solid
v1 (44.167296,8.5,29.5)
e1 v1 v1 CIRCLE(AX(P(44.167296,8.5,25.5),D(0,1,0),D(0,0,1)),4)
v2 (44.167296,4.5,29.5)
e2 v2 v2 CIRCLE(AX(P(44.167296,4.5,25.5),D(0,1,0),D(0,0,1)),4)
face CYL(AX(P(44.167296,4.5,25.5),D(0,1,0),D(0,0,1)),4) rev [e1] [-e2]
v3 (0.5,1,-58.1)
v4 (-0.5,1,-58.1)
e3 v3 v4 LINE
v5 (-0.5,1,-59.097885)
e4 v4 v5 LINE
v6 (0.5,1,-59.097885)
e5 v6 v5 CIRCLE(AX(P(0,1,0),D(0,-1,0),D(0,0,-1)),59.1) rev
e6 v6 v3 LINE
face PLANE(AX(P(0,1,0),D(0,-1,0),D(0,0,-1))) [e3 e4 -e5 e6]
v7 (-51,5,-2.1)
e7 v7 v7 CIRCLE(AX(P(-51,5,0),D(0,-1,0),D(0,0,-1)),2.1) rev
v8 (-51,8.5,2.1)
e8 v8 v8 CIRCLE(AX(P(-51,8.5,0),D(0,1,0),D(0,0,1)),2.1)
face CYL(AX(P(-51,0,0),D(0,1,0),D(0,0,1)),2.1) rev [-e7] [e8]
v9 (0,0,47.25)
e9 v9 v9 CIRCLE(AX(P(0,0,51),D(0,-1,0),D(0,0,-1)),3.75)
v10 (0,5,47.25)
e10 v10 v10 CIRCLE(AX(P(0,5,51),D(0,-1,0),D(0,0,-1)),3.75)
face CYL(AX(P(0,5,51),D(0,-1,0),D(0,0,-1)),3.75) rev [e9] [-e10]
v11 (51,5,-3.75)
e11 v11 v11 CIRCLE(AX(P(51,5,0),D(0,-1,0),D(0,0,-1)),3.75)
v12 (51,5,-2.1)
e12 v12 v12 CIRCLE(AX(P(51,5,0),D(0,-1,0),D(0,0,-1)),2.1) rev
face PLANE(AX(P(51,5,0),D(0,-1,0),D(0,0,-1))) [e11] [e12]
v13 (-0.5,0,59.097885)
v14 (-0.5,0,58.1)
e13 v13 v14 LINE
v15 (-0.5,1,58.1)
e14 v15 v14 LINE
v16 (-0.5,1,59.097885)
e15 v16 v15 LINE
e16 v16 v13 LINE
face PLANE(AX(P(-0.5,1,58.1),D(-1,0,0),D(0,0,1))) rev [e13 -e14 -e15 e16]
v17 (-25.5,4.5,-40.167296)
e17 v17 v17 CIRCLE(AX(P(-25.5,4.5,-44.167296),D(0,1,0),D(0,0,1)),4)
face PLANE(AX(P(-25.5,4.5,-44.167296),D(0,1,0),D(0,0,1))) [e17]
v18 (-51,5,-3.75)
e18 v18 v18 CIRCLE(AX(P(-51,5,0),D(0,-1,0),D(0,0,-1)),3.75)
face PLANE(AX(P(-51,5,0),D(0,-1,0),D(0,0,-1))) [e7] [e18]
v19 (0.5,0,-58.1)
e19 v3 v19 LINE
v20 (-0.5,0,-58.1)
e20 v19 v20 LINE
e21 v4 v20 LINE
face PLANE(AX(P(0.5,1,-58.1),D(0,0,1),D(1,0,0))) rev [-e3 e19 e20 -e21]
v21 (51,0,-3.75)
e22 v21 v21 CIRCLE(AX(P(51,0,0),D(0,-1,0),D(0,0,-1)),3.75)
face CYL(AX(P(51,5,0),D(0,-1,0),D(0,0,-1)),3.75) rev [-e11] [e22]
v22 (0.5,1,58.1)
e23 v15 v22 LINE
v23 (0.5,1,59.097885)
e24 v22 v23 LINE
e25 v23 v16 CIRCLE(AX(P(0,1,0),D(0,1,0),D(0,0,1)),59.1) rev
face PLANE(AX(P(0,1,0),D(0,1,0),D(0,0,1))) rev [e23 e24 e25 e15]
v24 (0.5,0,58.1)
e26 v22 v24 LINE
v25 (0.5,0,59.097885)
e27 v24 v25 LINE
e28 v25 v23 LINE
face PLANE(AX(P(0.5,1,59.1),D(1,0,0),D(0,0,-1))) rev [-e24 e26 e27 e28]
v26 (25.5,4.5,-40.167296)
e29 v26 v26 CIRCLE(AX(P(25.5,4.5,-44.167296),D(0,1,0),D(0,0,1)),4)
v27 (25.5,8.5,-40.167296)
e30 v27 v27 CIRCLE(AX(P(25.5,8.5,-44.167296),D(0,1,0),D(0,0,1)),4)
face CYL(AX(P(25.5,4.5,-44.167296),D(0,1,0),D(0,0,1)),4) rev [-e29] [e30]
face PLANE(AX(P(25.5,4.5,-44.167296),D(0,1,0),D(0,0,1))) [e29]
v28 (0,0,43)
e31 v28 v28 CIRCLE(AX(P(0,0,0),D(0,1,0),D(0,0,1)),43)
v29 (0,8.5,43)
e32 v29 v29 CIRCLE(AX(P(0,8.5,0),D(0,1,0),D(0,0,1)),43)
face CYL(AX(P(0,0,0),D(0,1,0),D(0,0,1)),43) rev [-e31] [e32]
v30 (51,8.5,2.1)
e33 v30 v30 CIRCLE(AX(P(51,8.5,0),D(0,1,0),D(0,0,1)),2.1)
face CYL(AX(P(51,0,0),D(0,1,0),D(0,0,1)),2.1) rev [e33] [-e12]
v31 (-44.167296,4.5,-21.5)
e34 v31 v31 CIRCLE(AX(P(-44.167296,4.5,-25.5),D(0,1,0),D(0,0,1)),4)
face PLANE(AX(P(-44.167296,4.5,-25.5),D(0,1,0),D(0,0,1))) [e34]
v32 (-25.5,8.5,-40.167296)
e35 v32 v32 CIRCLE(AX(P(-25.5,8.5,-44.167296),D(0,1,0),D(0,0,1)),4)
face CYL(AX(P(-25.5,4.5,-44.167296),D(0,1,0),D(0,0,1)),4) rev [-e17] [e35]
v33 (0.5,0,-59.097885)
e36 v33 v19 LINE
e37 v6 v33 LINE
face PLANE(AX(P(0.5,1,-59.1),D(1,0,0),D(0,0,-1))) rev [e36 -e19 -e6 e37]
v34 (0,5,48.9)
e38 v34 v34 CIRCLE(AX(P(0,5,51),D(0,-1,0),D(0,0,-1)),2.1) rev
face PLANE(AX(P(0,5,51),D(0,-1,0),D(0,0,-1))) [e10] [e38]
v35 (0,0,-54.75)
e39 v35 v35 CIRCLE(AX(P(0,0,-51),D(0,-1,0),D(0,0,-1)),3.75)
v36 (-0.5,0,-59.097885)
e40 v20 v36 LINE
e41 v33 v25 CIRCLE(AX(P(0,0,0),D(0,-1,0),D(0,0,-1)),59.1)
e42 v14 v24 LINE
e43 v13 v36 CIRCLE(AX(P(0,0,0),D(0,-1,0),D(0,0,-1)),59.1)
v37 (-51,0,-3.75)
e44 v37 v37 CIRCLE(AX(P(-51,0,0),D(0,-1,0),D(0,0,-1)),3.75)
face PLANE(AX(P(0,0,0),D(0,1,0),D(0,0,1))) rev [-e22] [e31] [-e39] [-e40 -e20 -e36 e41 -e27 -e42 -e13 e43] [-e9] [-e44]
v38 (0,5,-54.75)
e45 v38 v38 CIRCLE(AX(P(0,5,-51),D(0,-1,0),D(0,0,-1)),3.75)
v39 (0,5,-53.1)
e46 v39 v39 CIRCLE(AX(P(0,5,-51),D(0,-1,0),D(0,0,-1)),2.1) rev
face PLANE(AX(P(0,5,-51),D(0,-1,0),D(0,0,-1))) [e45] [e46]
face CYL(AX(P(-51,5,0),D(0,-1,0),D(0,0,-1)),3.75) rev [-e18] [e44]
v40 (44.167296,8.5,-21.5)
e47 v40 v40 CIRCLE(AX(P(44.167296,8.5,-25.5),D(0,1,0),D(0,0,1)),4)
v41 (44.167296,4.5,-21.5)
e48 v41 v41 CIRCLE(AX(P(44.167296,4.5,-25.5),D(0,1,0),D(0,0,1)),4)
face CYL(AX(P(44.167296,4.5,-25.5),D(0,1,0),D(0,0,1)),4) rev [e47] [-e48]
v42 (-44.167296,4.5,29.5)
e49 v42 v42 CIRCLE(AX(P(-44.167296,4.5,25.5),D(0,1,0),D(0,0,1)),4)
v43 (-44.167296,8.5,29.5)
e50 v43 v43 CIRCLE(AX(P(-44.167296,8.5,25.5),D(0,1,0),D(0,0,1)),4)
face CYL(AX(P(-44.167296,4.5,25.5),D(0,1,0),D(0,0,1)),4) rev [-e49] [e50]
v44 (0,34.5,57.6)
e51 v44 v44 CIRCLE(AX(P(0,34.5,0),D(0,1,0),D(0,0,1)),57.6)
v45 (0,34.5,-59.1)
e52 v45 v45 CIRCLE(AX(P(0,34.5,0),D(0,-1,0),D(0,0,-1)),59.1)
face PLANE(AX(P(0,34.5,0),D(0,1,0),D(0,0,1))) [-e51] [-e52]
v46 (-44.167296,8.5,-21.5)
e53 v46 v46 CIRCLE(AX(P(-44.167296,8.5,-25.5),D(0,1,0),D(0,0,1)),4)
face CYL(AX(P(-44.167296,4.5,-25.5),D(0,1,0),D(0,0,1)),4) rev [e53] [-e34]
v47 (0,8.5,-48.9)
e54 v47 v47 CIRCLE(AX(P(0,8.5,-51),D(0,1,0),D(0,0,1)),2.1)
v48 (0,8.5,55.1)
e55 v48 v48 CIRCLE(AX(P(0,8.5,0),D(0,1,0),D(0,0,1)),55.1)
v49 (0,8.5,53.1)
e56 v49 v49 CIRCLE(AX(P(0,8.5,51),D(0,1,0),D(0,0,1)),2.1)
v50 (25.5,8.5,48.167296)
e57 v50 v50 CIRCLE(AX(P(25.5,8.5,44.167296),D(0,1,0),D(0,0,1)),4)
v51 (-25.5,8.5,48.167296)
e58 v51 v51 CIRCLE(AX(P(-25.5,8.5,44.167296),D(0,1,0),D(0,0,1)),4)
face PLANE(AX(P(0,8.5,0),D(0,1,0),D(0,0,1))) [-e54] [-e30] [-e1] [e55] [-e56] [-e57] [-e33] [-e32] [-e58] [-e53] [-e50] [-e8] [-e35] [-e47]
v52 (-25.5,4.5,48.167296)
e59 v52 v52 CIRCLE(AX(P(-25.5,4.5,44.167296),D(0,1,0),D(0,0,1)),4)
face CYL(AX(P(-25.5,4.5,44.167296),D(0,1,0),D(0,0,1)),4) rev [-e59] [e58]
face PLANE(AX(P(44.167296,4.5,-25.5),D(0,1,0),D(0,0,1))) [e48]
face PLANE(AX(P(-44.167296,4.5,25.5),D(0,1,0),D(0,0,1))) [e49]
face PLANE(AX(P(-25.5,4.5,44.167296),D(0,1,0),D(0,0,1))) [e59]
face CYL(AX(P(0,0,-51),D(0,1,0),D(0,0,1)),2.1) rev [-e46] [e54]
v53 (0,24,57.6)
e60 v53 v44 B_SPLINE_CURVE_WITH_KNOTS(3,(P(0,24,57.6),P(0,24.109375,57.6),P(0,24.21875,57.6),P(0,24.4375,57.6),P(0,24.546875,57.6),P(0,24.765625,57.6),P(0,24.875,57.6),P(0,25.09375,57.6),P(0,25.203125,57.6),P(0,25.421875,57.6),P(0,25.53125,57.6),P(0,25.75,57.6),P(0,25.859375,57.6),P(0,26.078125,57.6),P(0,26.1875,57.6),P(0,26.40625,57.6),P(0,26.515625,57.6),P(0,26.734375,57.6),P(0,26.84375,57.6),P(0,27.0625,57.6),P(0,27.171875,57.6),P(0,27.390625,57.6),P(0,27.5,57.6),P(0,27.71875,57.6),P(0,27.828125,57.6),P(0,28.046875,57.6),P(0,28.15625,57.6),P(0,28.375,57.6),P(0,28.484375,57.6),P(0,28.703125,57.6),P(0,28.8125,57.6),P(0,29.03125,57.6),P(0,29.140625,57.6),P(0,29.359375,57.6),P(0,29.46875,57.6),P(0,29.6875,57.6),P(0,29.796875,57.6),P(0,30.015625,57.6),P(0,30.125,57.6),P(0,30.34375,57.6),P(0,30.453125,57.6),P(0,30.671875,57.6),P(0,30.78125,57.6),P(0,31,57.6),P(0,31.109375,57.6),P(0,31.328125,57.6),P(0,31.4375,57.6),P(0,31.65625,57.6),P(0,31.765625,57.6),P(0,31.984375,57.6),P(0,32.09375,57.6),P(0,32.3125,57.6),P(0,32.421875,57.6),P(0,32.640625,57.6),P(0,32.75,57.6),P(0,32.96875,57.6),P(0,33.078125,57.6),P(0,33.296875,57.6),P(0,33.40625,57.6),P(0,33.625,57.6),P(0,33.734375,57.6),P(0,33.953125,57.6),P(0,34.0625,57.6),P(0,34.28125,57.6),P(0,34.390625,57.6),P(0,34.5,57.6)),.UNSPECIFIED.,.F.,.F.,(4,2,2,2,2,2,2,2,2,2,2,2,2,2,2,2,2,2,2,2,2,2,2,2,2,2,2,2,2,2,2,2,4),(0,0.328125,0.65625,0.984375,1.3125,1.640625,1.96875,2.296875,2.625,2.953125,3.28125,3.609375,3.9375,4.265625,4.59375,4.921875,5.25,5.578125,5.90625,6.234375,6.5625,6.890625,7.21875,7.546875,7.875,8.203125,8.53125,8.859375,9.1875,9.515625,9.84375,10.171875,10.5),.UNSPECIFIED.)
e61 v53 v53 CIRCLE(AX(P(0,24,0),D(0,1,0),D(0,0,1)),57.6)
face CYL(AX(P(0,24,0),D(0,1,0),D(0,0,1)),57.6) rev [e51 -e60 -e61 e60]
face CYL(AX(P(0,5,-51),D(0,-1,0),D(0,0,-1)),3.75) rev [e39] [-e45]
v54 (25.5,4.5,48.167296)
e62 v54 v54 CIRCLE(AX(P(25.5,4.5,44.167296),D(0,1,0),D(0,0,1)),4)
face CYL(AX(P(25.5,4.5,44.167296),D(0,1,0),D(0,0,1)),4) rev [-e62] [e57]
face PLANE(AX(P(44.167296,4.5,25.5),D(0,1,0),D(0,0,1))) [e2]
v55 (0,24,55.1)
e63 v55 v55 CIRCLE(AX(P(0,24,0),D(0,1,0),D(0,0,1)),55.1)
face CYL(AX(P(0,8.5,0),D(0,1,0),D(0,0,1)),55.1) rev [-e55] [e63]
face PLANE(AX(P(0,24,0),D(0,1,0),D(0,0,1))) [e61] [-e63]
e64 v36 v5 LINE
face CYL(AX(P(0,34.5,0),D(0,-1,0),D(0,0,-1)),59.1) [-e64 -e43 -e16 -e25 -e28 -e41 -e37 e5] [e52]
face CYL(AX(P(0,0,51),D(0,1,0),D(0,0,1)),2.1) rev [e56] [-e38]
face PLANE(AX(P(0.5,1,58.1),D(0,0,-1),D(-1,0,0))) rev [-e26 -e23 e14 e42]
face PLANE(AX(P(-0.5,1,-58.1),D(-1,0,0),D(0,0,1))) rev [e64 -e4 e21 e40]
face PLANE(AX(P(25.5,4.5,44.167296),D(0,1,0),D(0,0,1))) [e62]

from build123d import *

# Parameters (mm, degrees)
SKETCH_1_R           = 59.5
EXTRUDE_1_DEPTH      = 34.5
SKETCH_2_R           = 57.6
CUT_EXTRUDE_1_DEPTH  = 10.5
SKETCH_3_R           = 55.1
CUT_EXTRUDE_2_DEPTH  = 15.5
SKETCH_4_R           = 43
CUT_EXTRUDE_3_DEPTH  = 89.07099409
SKETCH_9_R           = 4
CUT_EXTRUDE_7_DEPTH  = 4
SKETCH_10_R          = 2.1
CUT_EXTRUDE_8_DEPTH  = 89.07099409
SKETCH_11_R          = 3.75
CUT_EXTRUDE_9_DEPTH  = 5
SKETCH_14_R          = 59.5
SKETCH_14_R_2        = 59.1
CUT_EXTRUDE_12_DEPTH = 91.94366388
CUT_EXTRUDE_13_DEPTH = 1


with BuildPart() as part:
    # 草图1 → 凸台-拉伸1 (new body)
    with BuildSketch(Plane(origin=(0, 0, 0), x_dir=(1, 0, 0), z_dir=(0, 1, 0))):
        with Locations(Location((0, 0, 0), (0, 0, 270))):
            Circle(SKETCH_1_R)
    extrude(amount=EXTRUDE_1_DEPTH)

    # 草图2 → 切除-拉伸1 (cut)
    with BuildSketch(Plane(origin=(0, 34.5, 0), x_dir=(1, 0, 0), z_dir=(0, 1, 0))):
        with Locations(Location((0, 0, 0), (0, 0, 270))):
            Circle(SKETCH_2_R)
    extrude(amount=-CUT_EXTRUDE_1_DEPTH, mode=Mode.SUBTRACT)

    # 草图3 → 切除-拉伸2 (cut)
    with BuildSketch(Plane(origin=(0, 24, 0), x_dir=(1, 0, 0), z_dir=(0, 1, 0))):
        with Locations(Location((0, 0, 0), (0, 0, 270))):
            Circle(SKETCH_3_R)
    extrude(amount=-CUT_EXTRUDE_2_DEPTH, mode=Mode.SUBTRACT)

    # 草图4 → 切除-拉伸3 (cut, through all)
    with BuildSketch(Plane(origin=(0, 8.5, 0), x_dir=(1, 0, 0), z_dir=(0, 1, 0))):
        with Locations(Location((0, 0, 0), (0, 0, 270))):
            Circle(SKETCH_4_R)
    extrude(amount=-CUT_EXTRUDE_3_DEPTH, mode=Mode.SUBTRACT)

    # 草图9 → 切除-拉伸7 (cut)
    with BuildSketch(Plane(origin=(0, 8.5, 0), x_dir=(1, 0, 0), z_dir=(0, 1, 0))):
        with Locations(Location((-44.167295593, 25.5, 0), (0, 0, 270))):
            Circle(SKETCH_9_R)
        with Locations(Location((-25.5, 44.167295593, 0), (0, 0, 270))):
            Circle(SKETCH_9_R)
        with Locations(Location((25.5, 44.167295593, 0), (0, 0, 270))):
            Circle(SKETCH_9_R)
        with Locations(Location((44.167295593, 25.5, 0), (0, 0, 270))):
            Circle(SKETCH_9_R)
        with Locations(Location((44.167295593, -25.5, 0), (0, 0, 270))):
            Circle(SKETCH_9_R)
        with Locations(Location((25.5, -44.167295593, 0), (0, 0, 270))):
            Circle(SKETCH_9_R)
        with Locations(Location((-25.5, -44.167295593, 0), (0, 0, 270))):
            Circle(SKETCH_9_R)
        with Locations(Location((-44.167295593, -25.5, 0), (0, 0, 270))):
            Circle(SKETCH_9_R)
    extrude(amount=-CUT_EXTRUDE_7_DEPTH, mode=Mode.SUBTRACT)

    # 草图10 → 切除-拉伸8 (cut, through all)
    with BuildSketch(Plane(origin=(0, 8.5, 0), x_dir=(1, 0, 0), z_dir=(0, 1, 0))):
        with Locations(Location((0, 51, 0), (0, 0, 270))):
            Circle(SKETCH_10_R)
        with Locations(Location((51, 0, 0), (0, 0, 270))):
            Circle(SKETCH_10_R)
        with Locations(Location((0, -51, 0), (0, 0, 270))):
            Circle(SKETCH_10_R)
        with Locations(Location((-51, 0, 0), (0, 0, 270))):
            Circle(SKETCH_10_R)
    extrude(amount=-CUT_EXTRUDE_8_DEPTH, mode=Mode.SUBTRACT)

    # 草图11 → 切除-拉伸9 (cut)
    with BuildSketch(Plane.XZ):
        with Locations(Location((0, 51, 0), (0, 0, 270))):
            Circle(SKETCH_11_R)
        with Locations(Location((51, 0, 0), (0, 0, 270))):
            Circle(SKETCH_11_R)
        with Locations(Location((0, -51, 0), (0, 0, 270))):
            Circle(SKETCH_11_R)
        with Locations(Location((-51, 0, 0), (0, 0, 270))):
            Circle(SKETCH_11_R)
    extrude(amount=-CUT_EXTRUDE_9_DEPTH, mode=Mode.SUBTRACT)

    # 草图14 → 切除-拉伸12 (cut, through all)
    with BuildSketch(Plane.XZ):
        Circle(SKETCH_14_R)
        with Locations(Location((0, 0, 0), (0, 0, 270))):
            Circle(SKETCH_14_R_2, mode=Mode.SUBTRACT)
    extrude(amount=-CUT_EXTRUDE_12_DEPTH, mode=Mode.SUBTRACT)

    # 草图15 → 切除-拉伸13 (cut)
    with BuildSketch(Plane.XZ):
        Polygon((0, -59.1), (0.5, -59.1), (0.5, -58.1), (-0.5, -58.1), (-0.5, -59.1), align=None)
        Polygon((0.5, 59.1), (0.5, 58.1), (-0.5, 58.1), (-0.5, 59.1), (0, 59.1), align=None)
    extrude(amount=-CUT_EXTRUDE_13_DEPTH, mode=Mode.SUBTRACT)


solid = part.part
